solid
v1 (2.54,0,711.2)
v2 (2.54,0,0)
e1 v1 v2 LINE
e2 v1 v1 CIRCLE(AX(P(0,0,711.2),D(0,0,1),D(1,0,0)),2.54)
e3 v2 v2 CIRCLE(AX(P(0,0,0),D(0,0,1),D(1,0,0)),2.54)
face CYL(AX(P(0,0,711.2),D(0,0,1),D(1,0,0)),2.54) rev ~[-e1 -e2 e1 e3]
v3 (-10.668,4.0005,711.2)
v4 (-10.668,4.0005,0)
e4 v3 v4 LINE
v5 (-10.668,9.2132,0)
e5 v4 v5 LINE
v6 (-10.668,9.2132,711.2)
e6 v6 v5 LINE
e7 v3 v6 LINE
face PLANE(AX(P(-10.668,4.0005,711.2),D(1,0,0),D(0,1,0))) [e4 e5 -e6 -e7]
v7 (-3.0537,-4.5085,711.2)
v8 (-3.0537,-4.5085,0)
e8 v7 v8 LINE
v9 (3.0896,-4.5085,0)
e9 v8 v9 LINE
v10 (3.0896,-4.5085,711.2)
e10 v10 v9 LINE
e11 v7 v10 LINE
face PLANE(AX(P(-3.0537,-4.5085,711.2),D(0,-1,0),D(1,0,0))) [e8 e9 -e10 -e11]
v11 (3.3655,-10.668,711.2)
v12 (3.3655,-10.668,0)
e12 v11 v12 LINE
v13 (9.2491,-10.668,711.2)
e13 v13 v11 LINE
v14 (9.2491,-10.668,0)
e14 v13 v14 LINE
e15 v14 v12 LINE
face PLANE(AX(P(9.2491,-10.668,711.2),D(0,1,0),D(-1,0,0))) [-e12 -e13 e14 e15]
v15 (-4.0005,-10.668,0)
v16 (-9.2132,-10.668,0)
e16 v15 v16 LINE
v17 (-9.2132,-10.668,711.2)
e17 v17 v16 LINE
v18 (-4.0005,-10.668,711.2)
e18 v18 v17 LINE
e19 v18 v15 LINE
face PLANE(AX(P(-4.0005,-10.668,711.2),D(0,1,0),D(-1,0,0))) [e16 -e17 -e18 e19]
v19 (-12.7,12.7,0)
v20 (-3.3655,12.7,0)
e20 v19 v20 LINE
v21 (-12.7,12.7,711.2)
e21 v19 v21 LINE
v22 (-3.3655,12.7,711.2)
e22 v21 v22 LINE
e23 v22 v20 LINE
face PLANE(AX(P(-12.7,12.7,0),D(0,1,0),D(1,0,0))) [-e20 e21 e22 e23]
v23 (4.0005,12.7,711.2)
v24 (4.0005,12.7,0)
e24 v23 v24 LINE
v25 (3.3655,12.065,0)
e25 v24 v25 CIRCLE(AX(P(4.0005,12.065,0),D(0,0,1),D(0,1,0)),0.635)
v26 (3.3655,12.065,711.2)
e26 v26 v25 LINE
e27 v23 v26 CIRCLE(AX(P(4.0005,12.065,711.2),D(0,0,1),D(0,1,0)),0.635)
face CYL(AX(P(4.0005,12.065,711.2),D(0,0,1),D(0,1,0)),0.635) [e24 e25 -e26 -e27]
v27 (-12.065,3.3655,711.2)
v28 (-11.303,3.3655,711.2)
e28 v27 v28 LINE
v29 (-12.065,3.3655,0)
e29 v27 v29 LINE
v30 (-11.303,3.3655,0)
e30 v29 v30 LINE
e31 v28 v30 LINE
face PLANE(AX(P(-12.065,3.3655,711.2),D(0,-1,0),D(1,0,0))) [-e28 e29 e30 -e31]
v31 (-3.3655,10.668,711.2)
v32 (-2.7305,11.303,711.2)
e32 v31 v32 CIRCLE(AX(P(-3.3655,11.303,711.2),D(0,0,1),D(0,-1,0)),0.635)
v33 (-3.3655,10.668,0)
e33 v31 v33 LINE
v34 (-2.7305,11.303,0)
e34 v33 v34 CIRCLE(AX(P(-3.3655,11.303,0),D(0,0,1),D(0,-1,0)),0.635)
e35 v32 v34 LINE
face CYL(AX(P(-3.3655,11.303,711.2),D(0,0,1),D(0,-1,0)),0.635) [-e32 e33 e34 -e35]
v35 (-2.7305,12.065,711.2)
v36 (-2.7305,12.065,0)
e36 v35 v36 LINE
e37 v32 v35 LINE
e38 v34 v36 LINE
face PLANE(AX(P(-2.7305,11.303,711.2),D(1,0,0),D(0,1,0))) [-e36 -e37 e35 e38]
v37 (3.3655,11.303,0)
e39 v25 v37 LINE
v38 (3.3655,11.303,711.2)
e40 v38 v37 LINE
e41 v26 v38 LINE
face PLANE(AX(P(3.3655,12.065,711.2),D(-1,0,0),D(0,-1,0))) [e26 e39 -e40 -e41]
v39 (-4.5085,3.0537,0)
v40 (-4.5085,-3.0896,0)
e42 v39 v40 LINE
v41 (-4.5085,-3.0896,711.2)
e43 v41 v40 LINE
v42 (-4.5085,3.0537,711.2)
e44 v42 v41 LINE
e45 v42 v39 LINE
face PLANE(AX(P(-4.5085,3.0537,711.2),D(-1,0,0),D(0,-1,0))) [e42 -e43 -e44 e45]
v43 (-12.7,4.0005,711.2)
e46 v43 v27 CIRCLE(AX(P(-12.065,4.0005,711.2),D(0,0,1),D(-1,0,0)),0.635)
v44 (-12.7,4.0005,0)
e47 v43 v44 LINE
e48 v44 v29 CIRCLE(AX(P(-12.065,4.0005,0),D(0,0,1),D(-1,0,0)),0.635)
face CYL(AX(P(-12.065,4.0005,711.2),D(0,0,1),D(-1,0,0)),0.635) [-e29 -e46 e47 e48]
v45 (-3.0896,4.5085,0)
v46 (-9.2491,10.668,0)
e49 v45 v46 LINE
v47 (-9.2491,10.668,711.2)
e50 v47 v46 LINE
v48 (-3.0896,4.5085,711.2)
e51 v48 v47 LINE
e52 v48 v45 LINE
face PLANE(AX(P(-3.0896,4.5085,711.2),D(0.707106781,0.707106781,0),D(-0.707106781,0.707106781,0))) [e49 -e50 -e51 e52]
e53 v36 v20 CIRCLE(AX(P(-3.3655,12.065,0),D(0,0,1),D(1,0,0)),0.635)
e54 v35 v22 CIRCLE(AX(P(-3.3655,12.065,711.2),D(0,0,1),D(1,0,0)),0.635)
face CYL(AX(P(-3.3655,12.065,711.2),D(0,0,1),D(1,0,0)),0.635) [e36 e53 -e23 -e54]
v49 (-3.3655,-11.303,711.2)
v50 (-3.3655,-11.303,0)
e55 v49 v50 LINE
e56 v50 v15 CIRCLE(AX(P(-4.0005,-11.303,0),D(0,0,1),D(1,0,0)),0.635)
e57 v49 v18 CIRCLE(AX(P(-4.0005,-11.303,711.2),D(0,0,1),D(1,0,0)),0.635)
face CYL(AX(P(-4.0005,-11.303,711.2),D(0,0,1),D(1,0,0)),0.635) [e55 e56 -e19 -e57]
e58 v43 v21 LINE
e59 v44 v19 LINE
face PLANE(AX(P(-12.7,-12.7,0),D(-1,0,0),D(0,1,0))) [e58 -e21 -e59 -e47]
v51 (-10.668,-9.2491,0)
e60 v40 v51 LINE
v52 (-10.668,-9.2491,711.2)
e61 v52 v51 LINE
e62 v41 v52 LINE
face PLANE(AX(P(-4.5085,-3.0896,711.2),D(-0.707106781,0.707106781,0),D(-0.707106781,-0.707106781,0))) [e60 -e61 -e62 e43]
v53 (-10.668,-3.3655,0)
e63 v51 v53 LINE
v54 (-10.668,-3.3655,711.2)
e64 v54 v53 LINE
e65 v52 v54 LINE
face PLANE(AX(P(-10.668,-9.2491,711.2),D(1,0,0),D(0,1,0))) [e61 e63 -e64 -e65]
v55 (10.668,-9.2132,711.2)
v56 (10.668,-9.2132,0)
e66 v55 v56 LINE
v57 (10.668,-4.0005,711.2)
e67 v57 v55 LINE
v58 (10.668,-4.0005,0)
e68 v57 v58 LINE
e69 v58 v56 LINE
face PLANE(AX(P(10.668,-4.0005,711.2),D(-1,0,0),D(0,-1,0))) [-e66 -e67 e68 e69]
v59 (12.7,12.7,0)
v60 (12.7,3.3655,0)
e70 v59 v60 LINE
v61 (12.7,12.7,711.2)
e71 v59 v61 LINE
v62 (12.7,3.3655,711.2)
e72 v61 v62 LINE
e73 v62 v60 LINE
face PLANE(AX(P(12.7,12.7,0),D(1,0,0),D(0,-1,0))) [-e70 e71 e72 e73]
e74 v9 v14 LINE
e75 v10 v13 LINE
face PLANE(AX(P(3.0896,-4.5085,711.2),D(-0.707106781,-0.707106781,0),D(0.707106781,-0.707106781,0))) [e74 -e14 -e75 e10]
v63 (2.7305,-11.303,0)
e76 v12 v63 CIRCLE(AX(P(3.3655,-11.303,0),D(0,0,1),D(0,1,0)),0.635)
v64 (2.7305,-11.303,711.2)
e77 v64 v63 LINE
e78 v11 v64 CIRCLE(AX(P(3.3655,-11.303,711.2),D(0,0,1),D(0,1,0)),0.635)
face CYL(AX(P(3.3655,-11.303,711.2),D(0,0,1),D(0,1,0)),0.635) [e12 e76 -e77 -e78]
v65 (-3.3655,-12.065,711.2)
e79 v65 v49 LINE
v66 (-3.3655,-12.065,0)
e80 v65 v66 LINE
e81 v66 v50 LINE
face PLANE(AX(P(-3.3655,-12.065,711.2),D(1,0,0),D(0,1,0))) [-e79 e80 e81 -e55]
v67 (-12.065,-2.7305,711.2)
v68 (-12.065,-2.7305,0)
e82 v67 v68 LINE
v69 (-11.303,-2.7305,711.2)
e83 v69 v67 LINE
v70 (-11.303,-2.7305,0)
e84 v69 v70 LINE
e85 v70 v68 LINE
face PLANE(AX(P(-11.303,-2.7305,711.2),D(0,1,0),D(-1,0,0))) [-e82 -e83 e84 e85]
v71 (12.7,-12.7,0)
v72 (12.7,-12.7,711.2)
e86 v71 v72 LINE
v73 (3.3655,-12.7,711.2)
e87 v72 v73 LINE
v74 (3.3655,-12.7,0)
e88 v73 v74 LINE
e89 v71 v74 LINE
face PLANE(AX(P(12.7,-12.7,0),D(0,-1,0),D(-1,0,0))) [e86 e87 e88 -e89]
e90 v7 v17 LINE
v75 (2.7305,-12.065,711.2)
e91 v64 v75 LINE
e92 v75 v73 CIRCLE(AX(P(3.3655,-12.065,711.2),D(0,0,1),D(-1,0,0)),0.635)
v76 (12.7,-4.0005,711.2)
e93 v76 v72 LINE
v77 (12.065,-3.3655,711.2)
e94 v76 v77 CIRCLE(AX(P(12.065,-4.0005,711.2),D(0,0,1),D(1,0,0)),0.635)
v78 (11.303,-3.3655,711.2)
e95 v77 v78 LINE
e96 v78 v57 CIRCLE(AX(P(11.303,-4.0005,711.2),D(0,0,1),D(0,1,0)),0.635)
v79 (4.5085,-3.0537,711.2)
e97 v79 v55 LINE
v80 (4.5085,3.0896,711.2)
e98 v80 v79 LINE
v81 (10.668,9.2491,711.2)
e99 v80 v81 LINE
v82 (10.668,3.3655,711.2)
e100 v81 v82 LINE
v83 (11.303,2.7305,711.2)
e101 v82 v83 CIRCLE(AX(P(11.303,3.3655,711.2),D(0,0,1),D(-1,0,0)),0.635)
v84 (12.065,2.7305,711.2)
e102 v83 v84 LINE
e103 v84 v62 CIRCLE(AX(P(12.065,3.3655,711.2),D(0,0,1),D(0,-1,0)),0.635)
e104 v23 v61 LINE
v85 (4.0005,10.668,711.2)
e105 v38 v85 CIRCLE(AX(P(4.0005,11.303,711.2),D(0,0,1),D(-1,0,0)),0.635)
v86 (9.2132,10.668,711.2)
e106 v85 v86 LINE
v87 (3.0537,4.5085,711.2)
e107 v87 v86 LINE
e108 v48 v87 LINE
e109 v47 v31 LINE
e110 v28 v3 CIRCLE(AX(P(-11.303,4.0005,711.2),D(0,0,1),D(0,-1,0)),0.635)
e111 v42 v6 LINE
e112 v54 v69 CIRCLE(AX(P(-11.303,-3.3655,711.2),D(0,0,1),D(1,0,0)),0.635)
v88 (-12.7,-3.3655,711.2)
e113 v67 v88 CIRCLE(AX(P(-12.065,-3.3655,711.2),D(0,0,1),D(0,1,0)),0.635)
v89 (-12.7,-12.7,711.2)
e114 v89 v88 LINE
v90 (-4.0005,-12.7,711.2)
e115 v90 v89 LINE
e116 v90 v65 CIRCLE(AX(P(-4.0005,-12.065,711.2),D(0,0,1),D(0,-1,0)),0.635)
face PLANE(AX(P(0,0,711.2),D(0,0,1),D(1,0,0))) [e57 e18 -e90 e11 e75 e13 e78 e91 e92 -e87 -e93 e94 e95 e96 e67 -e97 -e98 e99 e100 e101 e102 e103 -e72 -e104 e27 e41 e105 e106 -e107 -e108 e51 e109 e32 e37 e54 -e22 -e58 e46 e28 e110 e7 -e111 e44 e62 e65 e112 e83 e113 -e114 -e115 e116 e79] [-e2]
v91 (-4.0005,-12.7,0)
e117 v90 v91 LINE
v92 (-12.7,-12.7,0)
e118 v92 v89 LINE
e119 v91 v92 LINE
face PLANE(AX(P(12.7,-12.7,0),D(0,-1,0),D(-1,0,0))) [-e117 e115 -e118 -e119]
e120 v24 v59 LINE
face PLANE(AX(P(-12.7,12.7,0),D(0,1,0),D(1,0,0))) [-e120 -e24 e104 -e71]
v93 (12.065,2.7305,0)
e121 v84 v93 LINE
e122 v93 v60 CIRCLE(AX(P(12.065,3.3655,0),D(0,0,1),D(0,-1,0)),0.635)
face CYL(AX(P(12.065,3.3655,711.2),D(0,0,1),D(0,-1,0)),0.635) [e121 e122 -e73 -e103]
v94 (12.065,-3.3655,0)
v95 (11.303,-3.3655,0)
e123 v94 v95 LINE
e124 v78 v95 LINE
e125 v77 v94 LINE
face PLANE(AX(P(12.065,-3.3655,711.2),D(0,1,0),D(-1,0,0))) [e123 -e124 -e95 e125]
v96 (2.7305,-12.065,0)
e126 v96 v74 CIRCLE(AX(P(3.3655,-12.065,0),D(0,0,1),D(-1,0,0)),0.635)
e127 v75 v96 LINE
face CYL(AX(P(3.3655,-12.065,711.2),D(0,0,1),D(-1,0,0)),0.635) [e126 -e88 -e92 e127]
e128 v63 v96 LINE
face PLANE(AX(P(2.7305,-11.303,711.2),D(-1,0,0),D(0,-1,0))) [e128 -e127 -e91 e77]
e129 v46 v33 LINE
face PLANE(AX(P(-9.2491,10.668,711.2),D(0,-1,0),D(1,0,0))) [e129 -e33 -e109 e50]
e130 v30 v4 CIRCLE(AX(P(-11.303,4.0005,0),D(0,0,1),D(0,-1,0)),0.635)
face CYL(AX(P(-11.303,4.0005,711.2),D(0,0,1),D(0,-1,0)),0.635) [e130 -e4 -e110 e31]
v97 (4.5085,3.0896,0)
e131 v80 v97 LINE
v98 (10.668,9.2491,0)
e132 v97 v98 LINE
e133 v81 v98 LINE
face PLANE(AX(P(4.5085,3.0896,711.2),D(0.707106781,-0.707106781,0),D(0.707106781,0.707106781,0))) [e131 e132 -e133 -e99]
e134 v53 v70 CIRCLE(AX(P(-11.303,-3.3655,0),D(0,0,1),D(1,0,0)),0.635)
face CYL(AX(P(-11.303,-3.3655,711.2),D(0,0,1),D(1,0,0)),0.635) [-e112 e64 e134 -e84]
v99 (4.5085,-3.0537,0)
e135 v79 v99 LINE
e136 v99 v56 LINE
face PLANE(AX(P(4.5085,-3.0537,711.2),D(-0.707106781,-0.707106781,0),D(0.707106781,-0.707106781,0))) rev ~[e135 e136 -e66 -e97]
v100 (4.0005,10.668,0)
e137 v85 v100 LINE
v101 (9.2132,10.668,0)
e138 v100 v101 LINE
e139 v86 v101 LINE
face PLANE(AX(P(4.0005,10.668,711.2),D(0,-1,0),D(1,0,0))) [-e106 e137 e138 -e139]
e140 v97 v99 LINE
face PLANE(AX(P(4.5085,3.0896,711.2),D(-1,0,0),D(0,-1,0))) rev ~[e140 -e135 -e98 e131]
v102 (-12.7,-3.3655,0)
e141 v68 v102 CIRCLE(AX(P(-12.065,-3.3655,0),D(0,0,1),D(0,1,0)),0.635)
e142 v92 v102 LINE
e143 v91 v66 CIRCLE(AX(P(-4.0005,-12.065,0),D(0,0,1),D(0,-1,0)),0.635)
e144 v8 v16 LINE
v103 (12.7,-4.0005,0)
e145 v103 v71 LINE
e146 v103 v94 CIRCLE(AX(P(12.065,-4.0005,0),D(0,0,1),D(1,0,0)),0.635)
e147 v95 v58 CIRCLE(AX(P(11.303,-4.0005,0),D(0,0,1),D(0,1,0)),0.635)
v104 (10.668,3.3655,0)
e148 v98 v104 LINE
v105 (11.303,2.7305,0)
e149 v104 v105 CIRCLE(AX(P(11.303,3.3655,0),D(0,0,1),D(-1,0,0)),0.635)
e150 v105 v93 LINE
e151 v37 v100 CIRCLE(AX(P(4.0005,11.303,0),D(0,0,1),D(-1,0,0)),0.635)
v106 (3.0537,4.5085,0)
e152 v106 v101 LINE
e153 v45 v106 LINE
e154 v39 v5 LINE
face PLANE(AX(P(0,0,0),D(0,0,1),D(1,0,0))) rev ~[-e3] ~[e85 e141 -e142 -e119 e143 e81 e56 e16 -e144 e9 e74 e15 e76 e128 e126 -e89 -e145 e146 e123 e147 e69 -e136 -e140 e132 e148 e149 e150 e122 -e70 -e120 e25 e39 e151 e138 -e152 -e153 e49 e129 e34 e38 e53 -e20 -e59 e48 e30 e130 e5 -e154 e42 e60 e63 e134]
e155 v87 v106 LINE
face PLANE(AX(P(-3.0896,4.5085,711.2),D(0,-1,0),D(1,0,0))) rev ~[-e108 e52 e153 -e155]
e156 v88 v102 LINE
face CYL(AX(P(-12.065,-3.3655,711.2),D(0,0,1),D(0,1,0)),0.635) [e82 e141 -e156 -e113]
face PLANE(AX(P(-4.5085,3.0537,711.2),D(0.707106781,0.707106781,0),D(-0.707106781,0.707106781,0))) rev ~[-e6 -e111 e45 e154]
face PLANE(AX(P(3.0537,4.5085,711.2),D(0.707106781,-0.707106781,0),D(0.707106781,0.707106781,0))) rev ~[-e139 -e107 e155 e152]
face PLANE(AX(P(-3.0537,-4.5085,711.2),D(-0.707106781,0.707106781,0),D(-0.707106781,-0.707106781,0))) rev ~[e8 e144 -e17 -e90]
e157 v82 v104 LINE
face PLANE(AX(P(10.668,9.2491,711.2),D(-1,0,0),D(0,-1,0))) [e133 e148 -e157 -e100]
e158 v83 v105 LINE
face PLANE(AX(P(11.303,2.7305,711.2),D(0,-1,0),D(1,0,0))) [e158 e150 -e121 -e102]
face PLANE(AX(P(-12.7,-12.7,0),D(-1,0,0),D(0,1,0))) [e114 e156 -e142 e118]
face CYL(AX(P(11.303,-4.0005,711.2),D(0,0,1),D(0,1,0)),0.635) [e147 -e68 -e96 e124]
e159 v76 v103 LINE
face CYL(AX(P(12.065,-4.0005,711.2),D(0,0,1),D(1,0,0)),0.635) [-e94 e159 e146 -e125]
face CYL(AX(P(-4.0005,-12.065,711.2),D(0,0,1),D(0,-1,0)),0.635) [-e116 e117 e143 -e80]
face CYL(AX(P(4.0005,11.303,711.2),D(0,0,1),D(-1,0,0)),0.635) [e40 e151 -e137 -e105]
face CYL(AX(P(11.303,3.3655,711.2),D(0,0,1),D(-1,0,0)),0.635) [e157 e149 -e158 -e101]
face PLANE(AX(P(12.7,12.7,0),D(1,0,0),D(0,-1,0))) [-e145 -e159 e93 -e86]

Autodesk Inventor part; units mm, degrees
ref_plane "YZ Plane" through (0, 0, 0) normal (1, 0, 0) x (0, 1, 0)
ref_plane "XZ Plane" through (0, 0, 0) normal (0, 1, 0) x (-1, 0, 0)
ref_plane "XY Plane" through (0, 0, 0) normal (0, 0, 1) x (1, 0, 0)
sketch "Sketch1" plane through (0, 0, 0) normal (0, 0, 1) x (1, 0, 0)
  line L0 (-12.7, 12.7) -> (12.7, 12.7)
  line L1 (12.7, 12.7) -> (12.7, -12.7)
  line L2 (12.7, -12.7) -> (-12.7, -12.7)
  line L3 (-12.7, -12.7) -> (-12.7, 12.7)
  point P0 (0, 0)
  dimension "d0" = 25.4
  dimension "d1" = 25.4
  dimension "d2" = 12.7
  dimension "d3" = 12.7
extrude "Extrusion1" add sketch "Sketch1" along normal blind 711.2
sketch "Sketch2" plane through (0, 0, 711.2) normal (0, 0, 1) x (1, 0, 0)
  circle A0 centre (0, 0) radius 2.54
  line L0 (-4.5085, 4.5085) -> (4.5085, 4.5085)
  line L1 (-4.5085, -4.5085) -> (4.5085, -4.5085)
  line L2 (4.5085, 4.5085) -> (4.5085, -4.5085)
  line L3 (-4.5085, 4.5085) -> (-4.5085, -4.5085)
  line L4 (-3.0896, 4.5085) -> (-11.2811, 12.7)
  line L5 (-4.5085, 3.0537) -> (-12.7, 11.2452)
  line L6 (12.7, 12.7) -> (-12.7, 12.7) projected
  line L7 (-12.7, 12.7) -> (-12.7, 4.0005)
  line L8 (-10.668, 4.0005) -> (-10.668, 9.2132)
  line L9 (-9.2491, 10.668) -> (-3.3655, 10.668)
  line L10 (-12.7, 12.7) -> (-3.3655, 12.7)
  line L11 (-2.7305, 11.303) -> (-2.7305, 12.065)
  line L12 (-12.065, 3.3655) -> (-11.303, 3.3655)
  arc A1 (-12.7, 4.0005) -> (-12.065, 3.3655) centre (-12.065, 4.0005) ccw
  arc A2 (-11.303, 3.3655) -> (-10.668, 4.0005) centre (-11.303, 4.0005) ccw
  arc A3 (-3.3655, 10.668) -> (-2.7305, 11.303) centre (-3.3655, 11.303) ccw
  arc A4 (-2.7305, 12.065) -> (-3.3655, 12.7) centre (-3.3655, 12.065) ccw
  arc A5 (-3.3655, -11.303) -> (-4.0005, -10.668) centre (-4.0005, -11.303) ccw
  line L13 (-3.3655, -12.065) -> (-3.3655, -11.303)
  arc A6 (-4.0005, -12.7) -> (-3.3655, -12.065) centre (-4.0005, -12.065) ccw
  line L14 (-3.0537, -4.5085) -> (-11.2452, -12.7)
  line L15 (-10.668, -9.2491) -> (-10.668, -3.3655)
  line L16 (-4.5085, -3.0896) -> (-12.7, -11.2811)
  line L17 (-12.7, -12.7) -> (-12.7, -3.3655)
  arc A7 (-10.668, -3.3655) -> (-11.303, -2.7305) centre (-11.303, -3.3655) ccw
  line L18 (-11.303, -2.7305) -> (-12.065, -2.7305)
  arc A8 (-12.065, -2.7305) -> (-12.7, -3.3655) centre (-12.065, -3.3655) ccw
  line L19 (-4.0005, -10.668) -> (-9.2132, -10.668)
  line L20 (-12.7, -12.7) -> (-4.0005, -12.7)
  arc A9 (11.303, -3.3655) -> (10.668, -4.0005) centre (11.303, -4.0005) ccw
  line L21 (12.065, -3.3655) -> (11.303, -3.3655)
  arc A10 (12.7, -4.0005) -> (12.065, -3.3655) centre (12.065, -4.0005) ccw
  line L22 (4.5085, -3.0537) -> (12.7, -11.2452)
  line L23 (9.2491, -10.668) -> (3.3655, -10.668)
  line L24 (3.0896, -4.5085) -> (11.2811, -12.7)
  line L25 (12.7, -12.7) -> (3.3655, -12.7)
  arc A11 (3.3655, -10.668) -> (2.7305, -11.303) centre (3.3655, -11.303) ccw
  line L26 (2.7305, -11.303) -> (2.7305, -12.065)
  arc A12 (2.7305, -12.065) -> (3.3655, -12.7) centre (3.3655, -12.065) ccw
  line L27 (10.668, -4.0005) -> (10.668, -9.2132)
  line L28 (12.7, -12.7) -> (12.7, -4.0005)
  arc A13 (3.3655, 11.303) -> (4.0005, 10.668) centre (4.0005, 11.303) ccw
  line L29 (3.3655, 12.065) -> (3.3655, 11.303)
  arc A14 (4.0005, 12.7) -> (3.3655, 12.065) centre (4.0005, 12.065) ccw
  line L30 (3.0537, 4.5085) -> (11.2452, 12.7)
  line L31 (10.668, 9.2491) -> (10.668, 3.3655)
  line L32 (4.5085, 3.0896) -> (12.7, 11.2811)
  line L33 (12.7, 12.7) -> (12.7, 3.3655)
  arc A15 (10.668, 3.3655) -> (11.303, 2.7305) centre (11.303, 3.3655) ccw
  line L34 (11.303, 2.7305) -> (12.065, 2.7305)
  arc A16 (12.065, 2.7305) -> (12.7, 3.3655) centre (12.065, 3.3655) ccw
  line L35 (4.0005, 10.668) -> (9.2132, 10.668)
  line L36 (12.7, 12.7) -> (4.0005, 12.7)
  line L37 (-4.5085, 3.0537) -> (-4.5085, 4.5085)
  line L38 (-3.0896, 4.5085) -> (-4.5085, 4.5085)
  line L39 (-12.7, -12.7) -> (-4.0005, -12.7)
  line L40 (-4.0005, -10.668) -> (-9.2132, -10.668)
  line L41 (-10.668, -9.2491) -> (-10.668, -3.3655)
  line L42 (-12.7, -12.7) -> (-12.7, -3.3655)
  line L43 (-11.303, -2.7305) -> (-12.065, -2.7305)
  arc A17 (-10.668, -3.3655) -> (-11.303, -2.7305) centre (-11.303, -3.3655) ccw
  arc A18 (-12.065, -2.7305) -> (-12.7, -3.3655) centre (-12.065, -3.3655) ccw
  line L44 (-4.5085, -3.0896) -> (-4.5085, -4.5085)
  line L45 (-4.5085, -3.0896) -> (-12.7, -11.2811)
  line L46 (-3.0537, -4.5085) -> (-4.5085, -4.5085)
  line L47 (-3.0537, -4.5085) -> (-11.2452, -12.7)
  line L48 (-4.5085, -4.5085) -> (-4.5085, 4.5085)
  circle A19 centre (0, 0) radius 2.54
  line L49 (-4.5085, -4.5085) -> (4.5085, -4.5085)
  line L50 (-3.3655, -12.065) -> (-3.3655, -11.303)
  arc A20 (-4.0005, -12.7) -> (-3.3655, -12.065) centre (-4.0005, -12.065) ccw
  arc A21 (-3.3655, -11.303) -> (-4.0005, -10.668) centre (-4.0005, -11.303) ccw
  line L51 (12.7, -12.7) -> (12.7, -4.0005)
  line L52 (10.668, -4.0005) -> (10.668, -9.2132)
  line L53 (9.2491, -10.668) -> (3.3655, -10.668)
  line L54 (12.7, -12.7) -> (3.3655, -12.7)
  line L55 (2.7305, -11.303) -> (2.7305, -12.065)
  arc A22 (3.3655, -10.668) -> (2.7305, -11.303) centre (3.3655, -11.303) ccw
  arc A23 (2.7305, -12.065) -> (3.3655, -12.7) centre (3.3655, -12.065) ccw
  line L56 (3.0896, -4.5085) -> (4.5085, -4.5085)
  line L57 (3.0896, -4.5085) -> (11.2811, -12.7)
  line L58 (4.5085, -3.0537) -> (4.5085, -4.5085)
  line L59 (4.5085, -3.0537) -> (12.7, -11.2452)
  line L60 (4.5085, -4.5085) -> (-4.5085, -4.5085)
  circle A24 centre (0, 0) radius 2.54
  line L61 (4.5085, -4.5085) -> (4.5085, 4.5085)
  line L62 (12.065, -3.3655) -> (11.303, -3.3655)
  arc A25 (12.7, -4.0005) -> (12.065, -3.3655) centre (12.065, -4.0005) ccw
  arc A26 (11.303, -3.3655) -> (10.668, -4.0005) centre (11.303, -4.0005) ccw
  line L63 (12.7, 12.7) -> (4.0005, 12.7)
  line L64 (4.0005, 10.668) -> (9.2132, 10.668)
  line L65 (10.668, 9.2491) -> (10.668, 3.3655)
  line L66 (12.7, 12.7) -> (12.7, 3.3655)
  line L67 (11.303, 2.7305) -> (12.065, 2.7305)
  arc A27 (10.668, 3.3655) -> (11.303, 2.7305) centre (11.303, 3.3655) ccw
  arc A28 (12.065, 2.7305) -> (12.7, 3.3655) centre (12.065, 3.3655) ccw
  line L68 (4.5085, 3.0896) -> (4.5085, 4.5085)
  line L69 (4.5085, 3.0896) -> (12.7, 11.2811)
  line L70 (3.0537, 4.5085) -> (4.5085, 4.5085)
  line L71 (3.0537, 4.5085) -> (11.2452, 12.7)
  line L72 (4.5085, 4.5085) -> (4.5085, -4.5085)
  circle A29 centre (0, 0) radius 2.54
  line L73 (4.5085, 4.5085) -> (-4.5085, 4.5085)
  line L74 (3.3655, 12.065) -> (3.3655, 11.303)
  arc A30 (4.0005, 12.7) -> (3.3655, 12.065) centre (4.0005, 12.065) ccw
  arc A31 (3.3655, 11.303) -> (4.0005, 10.668) centre (4.0005, 11.303) ccw
  point P0 (-12.7, 3.3655)
  point P1 (-2.7305, 12.7)
  point P2 (-3.3655, -12.7)
  point P3 (-12.7, -2.7305)
  point P4 (12.7, -3.3655)
  point P5 (2.7305, -12.7)
  point P6 (3.3655, 12.7)
  point P7 (12.7, 2.7305)
  point P8 (-3.3655, -12.7)
  point P9 (-12.7, -2.7305)
  point P10 (12.7, -3.3655)
  point P11 (2.7305, -12.7)
  point P12 (3.3655, 12.7)
  point P13 (12.7, 2.7305)
  dimension "d6" = 5.08
  dimension "d7" = 9.017
  dimension "d8" = 4.5085
  dimension "d9" = 4.5085
  dimension "d10" = 4.5085
  dimension "d11" = 2.032
  dimension "d12" = 1.0033
  dimension "d13" = 135
  dimension "d17" = 9.3345
  dimension "d19" = 2.032
  dimension "d20" = 2.032
  dimension "d21" = 0.635
  dimension "d22" = 9.3345
  dimension "d25" = 360
  dimension "d29" = 360
extrude "Extrusion2" cut sketch "Sketch2" against normal blind 1219.2 contours L3 L5 L7 L6 L4 L0 | L0 L2 L1 L3 | L30 L6 L33 L32 L2 L0 | L4 L6 A4 L11 A3 L9 | L3 L1 L14 L20 L17 L16 | L8 A2 L12 A1 L7 L5 | L35 A13 L29 A14 L6 L30 | L16 L17 A8 L18 A7 L15 | L22 L28 L25 L24 L1 L2 | L32 L33 A16 L34 A15 L31 | L19 A5 L13 A6 L20 L14 | L27 A9 L21 A10 L28 L22 | L24 L25 A12 L26 A11 L23 keep common part
equation "\"d22\" = d17"
properties part number "30 in 80-20 extrusion"
